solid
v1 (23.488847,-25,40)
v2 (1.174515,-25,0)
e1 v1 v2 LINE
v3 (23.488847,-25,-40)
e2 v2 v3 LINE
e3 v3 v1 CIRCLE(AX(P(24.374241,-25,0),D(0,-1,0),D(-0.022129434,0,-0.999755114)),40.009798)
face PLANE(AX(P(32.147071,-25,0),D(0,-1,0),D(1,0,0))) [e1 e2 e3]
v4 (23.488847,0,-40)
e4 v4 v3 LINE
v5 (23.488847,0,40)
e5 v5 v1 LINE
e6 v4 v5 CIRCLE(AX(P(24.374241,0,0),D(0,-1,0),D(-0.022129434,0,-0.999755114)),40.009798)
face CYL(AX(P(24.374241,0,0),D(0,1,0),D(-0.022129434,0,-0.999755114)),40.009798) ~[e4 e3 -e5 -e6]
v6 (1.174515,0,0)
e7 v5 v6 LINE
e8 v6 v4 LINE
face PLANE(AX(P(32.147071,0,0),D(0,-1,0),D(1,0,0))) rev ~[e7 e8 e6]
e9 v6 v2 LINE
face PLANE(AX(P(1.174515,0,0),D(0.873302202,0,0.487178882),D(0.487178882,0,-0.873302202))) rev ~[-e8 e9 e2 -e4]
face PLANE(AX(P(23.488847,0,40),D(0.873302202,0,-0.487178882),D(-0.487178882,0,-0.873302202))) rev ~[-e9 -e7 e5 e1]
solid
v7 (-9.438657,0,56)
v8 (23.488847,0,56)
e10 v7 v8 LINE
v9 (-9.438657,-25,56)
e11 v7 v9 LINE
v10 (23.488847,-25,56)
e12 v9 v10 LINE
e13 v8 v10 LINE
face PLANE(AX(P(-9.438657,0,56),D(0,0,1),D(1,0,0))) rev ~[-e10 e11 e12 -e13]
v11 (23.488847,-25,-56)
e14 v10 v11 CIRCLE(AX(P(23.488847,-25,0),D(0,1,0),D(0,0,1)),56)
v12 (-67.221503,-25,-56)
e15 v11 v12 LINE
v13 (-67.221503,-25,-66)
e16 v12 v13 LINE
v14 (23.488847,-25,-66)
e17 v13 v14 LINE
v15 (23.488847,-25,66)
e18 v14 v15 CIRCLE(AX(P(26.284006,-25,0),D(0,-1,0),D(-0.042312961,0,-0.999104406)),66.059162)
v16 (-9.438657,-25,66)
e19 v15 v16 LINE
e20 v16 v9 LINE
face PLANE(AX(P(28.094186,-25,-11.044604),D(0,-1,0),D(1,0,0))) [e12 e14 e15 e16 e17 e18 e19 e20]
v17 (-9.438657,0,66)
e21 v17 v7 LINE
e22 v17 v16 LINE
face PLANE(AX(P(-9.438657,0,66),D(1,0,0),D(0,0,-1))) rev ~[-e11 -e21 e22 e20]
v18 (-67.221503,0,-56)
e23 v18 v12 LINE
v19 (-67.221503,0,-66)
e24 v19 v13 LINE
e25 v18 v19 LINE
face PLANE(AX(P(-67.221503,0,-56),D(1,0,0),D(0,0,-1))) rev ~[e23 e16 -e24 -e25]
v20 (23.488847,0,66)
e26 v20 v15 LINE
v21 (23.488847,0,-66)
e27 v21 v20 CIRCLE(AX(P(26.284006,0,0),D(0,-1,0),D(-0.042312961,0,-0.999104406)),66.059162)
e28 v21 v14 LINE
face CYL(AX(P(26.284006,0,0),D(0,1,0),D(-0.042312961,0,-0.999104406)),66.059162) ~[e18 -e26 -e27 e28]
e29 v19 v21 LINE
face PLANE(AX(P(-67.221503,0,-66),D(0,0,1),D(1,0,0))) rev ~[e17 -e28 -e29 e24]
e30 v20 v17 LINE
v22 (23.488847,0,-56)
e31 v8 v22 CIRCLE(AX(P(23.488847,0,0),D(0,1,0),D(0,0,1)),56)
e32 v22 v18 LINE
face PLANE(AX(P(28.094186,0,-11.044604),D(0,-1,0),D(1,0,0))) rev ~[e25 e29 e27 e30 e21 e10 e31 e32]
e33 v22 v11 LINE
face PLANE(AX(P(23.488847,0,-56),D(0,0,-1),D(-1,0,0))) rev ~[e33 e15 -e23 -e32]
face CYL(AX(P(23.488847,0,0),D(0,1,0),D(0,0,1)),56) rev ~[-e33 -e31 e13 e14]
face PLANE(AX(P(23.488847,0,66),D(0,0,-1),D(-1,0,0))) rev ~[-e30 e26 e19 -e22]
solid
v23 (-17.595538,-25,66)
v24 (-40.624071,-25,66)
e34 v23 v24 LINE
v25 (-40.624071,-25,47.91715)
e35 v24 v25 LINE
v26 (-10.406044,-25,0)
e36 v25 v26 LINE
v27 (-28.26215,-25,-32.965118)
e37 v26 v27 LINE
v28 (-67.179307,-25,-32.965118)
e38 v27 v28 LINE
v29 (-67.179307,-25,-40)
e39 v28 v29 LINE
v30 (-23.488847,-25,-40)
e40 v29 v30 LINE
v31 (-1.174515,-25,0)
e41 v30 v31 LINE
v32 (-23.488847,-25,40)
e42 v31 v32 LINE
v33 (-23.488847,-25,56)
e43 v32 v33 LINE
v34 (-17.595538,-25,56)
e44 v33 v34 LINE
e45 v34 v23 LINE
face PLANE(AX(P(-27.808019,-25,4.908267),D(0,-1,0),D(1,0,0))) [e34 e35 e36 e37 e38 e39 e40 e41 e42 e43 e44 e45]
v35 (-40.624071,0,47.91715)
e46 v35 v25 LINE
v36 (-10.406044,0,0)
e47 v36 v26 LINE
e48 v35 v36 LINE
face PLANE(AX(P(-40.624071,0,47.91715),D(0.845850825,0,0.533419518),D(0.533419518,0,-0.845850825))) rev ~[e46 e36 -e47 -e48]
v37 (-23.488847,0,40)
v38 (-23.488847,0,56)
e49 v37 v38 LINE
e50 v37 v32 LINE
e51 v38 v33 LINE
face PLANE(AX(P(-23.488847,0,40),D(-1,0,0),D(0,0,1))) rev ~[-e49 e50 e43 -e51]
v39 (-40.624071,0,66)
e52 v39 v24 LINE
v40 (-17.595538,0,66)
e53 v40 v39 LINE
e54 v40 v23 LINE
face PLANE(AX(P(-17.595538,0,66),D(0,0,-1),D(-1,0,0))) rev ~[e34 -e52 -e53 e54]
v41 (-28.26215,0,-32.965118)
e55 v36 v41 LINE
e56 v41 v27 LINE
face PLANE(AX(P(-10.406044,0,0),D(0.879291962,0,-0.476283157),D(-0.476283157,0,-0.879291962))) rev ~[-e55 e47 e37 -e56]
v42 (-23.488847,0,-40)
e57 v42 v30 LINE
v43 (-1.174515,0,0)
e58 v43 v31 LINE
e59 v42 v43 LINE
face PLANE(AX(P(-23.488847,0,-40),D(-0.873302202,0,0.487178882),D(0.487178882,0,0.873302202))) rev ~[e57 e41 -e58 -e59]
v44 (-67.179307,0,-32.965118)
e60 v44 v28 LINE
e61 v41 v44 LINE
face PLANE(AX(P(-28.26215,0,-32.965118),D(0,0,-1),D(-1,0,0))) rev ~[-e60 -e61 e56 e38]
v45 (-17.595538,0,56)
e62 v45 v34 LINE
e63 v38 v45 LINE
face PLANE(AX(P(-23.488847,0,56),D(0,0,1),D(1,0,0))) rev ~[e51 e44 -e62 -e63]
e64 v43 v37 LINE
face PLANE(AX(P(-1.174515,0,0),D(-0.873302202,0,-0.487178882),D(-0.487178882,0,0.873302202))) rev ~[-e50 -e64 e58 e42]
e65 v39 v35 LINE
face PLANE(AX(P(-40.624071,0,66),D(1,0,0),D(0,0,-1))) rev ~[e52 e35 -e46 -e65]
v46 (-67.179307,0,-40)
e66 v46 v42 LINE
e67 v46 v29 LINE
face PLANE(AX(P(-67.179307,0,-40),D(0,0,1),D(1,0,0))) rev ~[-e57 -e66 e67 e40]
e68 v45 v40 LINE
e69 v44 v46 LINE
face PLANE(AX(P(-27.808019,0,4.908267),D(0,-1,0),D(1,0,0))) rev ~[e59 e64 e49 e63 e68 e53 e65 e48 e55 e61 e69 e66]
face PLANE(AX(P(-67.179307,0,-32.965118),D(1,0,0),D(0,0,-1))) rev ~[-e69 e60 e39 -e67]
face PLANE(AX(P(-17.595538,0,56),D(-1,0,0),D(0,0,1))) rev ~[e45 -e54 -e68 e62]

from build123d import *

# Parameters (mm, degrees)
F1_DEPTH = 25


with BuildPart() as f1:
    # F0 (on Front) → F1 (new body)
    with BuildSketch(Plane.XZ):
        with BuildLine():
            ThreePointArc((23.488847, 56), (79.488847, 0), (23.488847, -56))
            Line((23.488847, -56), (-67.221503, -56))
            Line((-67.221503, -56), (-67.221503, -66))
            Line((-67.221503, -66), (23.488847, -66))
            ThreePointArc((23.488847, -66), (92.343168, 0), (23.488847, 66))
            Line((23.488847, 66), (-9.438657, 66))
            Line((-9.438657, 66), (-9.438657, 56))
            Line((-9.438657, 56), (23.488847, 56))
        make_face()
        with BuildLine():
            Line((23.488847, 40), (1.174515, 0))
            Line((1.174515, 0), (23.488847, -40))
            ThreePointArc((23.488847, -40), (64.384039, 0), (23.488847, 40))
        make_face()
        Polygon((-23.488847, -40), (-1.174515, 0), (-23.488847, 40), (-23.488847, 56), (-17.595538, 56), (-17.595538, 66), (-40.624071, 66), (-40.624071, 47.91715), (-10.406044, 0), (-28.26215, -32.965118), (-67.179307, -32.965118), (-67.179307, -40), align=None)
    extrude(amount=F1_DEPTH)


solid = f1.part
